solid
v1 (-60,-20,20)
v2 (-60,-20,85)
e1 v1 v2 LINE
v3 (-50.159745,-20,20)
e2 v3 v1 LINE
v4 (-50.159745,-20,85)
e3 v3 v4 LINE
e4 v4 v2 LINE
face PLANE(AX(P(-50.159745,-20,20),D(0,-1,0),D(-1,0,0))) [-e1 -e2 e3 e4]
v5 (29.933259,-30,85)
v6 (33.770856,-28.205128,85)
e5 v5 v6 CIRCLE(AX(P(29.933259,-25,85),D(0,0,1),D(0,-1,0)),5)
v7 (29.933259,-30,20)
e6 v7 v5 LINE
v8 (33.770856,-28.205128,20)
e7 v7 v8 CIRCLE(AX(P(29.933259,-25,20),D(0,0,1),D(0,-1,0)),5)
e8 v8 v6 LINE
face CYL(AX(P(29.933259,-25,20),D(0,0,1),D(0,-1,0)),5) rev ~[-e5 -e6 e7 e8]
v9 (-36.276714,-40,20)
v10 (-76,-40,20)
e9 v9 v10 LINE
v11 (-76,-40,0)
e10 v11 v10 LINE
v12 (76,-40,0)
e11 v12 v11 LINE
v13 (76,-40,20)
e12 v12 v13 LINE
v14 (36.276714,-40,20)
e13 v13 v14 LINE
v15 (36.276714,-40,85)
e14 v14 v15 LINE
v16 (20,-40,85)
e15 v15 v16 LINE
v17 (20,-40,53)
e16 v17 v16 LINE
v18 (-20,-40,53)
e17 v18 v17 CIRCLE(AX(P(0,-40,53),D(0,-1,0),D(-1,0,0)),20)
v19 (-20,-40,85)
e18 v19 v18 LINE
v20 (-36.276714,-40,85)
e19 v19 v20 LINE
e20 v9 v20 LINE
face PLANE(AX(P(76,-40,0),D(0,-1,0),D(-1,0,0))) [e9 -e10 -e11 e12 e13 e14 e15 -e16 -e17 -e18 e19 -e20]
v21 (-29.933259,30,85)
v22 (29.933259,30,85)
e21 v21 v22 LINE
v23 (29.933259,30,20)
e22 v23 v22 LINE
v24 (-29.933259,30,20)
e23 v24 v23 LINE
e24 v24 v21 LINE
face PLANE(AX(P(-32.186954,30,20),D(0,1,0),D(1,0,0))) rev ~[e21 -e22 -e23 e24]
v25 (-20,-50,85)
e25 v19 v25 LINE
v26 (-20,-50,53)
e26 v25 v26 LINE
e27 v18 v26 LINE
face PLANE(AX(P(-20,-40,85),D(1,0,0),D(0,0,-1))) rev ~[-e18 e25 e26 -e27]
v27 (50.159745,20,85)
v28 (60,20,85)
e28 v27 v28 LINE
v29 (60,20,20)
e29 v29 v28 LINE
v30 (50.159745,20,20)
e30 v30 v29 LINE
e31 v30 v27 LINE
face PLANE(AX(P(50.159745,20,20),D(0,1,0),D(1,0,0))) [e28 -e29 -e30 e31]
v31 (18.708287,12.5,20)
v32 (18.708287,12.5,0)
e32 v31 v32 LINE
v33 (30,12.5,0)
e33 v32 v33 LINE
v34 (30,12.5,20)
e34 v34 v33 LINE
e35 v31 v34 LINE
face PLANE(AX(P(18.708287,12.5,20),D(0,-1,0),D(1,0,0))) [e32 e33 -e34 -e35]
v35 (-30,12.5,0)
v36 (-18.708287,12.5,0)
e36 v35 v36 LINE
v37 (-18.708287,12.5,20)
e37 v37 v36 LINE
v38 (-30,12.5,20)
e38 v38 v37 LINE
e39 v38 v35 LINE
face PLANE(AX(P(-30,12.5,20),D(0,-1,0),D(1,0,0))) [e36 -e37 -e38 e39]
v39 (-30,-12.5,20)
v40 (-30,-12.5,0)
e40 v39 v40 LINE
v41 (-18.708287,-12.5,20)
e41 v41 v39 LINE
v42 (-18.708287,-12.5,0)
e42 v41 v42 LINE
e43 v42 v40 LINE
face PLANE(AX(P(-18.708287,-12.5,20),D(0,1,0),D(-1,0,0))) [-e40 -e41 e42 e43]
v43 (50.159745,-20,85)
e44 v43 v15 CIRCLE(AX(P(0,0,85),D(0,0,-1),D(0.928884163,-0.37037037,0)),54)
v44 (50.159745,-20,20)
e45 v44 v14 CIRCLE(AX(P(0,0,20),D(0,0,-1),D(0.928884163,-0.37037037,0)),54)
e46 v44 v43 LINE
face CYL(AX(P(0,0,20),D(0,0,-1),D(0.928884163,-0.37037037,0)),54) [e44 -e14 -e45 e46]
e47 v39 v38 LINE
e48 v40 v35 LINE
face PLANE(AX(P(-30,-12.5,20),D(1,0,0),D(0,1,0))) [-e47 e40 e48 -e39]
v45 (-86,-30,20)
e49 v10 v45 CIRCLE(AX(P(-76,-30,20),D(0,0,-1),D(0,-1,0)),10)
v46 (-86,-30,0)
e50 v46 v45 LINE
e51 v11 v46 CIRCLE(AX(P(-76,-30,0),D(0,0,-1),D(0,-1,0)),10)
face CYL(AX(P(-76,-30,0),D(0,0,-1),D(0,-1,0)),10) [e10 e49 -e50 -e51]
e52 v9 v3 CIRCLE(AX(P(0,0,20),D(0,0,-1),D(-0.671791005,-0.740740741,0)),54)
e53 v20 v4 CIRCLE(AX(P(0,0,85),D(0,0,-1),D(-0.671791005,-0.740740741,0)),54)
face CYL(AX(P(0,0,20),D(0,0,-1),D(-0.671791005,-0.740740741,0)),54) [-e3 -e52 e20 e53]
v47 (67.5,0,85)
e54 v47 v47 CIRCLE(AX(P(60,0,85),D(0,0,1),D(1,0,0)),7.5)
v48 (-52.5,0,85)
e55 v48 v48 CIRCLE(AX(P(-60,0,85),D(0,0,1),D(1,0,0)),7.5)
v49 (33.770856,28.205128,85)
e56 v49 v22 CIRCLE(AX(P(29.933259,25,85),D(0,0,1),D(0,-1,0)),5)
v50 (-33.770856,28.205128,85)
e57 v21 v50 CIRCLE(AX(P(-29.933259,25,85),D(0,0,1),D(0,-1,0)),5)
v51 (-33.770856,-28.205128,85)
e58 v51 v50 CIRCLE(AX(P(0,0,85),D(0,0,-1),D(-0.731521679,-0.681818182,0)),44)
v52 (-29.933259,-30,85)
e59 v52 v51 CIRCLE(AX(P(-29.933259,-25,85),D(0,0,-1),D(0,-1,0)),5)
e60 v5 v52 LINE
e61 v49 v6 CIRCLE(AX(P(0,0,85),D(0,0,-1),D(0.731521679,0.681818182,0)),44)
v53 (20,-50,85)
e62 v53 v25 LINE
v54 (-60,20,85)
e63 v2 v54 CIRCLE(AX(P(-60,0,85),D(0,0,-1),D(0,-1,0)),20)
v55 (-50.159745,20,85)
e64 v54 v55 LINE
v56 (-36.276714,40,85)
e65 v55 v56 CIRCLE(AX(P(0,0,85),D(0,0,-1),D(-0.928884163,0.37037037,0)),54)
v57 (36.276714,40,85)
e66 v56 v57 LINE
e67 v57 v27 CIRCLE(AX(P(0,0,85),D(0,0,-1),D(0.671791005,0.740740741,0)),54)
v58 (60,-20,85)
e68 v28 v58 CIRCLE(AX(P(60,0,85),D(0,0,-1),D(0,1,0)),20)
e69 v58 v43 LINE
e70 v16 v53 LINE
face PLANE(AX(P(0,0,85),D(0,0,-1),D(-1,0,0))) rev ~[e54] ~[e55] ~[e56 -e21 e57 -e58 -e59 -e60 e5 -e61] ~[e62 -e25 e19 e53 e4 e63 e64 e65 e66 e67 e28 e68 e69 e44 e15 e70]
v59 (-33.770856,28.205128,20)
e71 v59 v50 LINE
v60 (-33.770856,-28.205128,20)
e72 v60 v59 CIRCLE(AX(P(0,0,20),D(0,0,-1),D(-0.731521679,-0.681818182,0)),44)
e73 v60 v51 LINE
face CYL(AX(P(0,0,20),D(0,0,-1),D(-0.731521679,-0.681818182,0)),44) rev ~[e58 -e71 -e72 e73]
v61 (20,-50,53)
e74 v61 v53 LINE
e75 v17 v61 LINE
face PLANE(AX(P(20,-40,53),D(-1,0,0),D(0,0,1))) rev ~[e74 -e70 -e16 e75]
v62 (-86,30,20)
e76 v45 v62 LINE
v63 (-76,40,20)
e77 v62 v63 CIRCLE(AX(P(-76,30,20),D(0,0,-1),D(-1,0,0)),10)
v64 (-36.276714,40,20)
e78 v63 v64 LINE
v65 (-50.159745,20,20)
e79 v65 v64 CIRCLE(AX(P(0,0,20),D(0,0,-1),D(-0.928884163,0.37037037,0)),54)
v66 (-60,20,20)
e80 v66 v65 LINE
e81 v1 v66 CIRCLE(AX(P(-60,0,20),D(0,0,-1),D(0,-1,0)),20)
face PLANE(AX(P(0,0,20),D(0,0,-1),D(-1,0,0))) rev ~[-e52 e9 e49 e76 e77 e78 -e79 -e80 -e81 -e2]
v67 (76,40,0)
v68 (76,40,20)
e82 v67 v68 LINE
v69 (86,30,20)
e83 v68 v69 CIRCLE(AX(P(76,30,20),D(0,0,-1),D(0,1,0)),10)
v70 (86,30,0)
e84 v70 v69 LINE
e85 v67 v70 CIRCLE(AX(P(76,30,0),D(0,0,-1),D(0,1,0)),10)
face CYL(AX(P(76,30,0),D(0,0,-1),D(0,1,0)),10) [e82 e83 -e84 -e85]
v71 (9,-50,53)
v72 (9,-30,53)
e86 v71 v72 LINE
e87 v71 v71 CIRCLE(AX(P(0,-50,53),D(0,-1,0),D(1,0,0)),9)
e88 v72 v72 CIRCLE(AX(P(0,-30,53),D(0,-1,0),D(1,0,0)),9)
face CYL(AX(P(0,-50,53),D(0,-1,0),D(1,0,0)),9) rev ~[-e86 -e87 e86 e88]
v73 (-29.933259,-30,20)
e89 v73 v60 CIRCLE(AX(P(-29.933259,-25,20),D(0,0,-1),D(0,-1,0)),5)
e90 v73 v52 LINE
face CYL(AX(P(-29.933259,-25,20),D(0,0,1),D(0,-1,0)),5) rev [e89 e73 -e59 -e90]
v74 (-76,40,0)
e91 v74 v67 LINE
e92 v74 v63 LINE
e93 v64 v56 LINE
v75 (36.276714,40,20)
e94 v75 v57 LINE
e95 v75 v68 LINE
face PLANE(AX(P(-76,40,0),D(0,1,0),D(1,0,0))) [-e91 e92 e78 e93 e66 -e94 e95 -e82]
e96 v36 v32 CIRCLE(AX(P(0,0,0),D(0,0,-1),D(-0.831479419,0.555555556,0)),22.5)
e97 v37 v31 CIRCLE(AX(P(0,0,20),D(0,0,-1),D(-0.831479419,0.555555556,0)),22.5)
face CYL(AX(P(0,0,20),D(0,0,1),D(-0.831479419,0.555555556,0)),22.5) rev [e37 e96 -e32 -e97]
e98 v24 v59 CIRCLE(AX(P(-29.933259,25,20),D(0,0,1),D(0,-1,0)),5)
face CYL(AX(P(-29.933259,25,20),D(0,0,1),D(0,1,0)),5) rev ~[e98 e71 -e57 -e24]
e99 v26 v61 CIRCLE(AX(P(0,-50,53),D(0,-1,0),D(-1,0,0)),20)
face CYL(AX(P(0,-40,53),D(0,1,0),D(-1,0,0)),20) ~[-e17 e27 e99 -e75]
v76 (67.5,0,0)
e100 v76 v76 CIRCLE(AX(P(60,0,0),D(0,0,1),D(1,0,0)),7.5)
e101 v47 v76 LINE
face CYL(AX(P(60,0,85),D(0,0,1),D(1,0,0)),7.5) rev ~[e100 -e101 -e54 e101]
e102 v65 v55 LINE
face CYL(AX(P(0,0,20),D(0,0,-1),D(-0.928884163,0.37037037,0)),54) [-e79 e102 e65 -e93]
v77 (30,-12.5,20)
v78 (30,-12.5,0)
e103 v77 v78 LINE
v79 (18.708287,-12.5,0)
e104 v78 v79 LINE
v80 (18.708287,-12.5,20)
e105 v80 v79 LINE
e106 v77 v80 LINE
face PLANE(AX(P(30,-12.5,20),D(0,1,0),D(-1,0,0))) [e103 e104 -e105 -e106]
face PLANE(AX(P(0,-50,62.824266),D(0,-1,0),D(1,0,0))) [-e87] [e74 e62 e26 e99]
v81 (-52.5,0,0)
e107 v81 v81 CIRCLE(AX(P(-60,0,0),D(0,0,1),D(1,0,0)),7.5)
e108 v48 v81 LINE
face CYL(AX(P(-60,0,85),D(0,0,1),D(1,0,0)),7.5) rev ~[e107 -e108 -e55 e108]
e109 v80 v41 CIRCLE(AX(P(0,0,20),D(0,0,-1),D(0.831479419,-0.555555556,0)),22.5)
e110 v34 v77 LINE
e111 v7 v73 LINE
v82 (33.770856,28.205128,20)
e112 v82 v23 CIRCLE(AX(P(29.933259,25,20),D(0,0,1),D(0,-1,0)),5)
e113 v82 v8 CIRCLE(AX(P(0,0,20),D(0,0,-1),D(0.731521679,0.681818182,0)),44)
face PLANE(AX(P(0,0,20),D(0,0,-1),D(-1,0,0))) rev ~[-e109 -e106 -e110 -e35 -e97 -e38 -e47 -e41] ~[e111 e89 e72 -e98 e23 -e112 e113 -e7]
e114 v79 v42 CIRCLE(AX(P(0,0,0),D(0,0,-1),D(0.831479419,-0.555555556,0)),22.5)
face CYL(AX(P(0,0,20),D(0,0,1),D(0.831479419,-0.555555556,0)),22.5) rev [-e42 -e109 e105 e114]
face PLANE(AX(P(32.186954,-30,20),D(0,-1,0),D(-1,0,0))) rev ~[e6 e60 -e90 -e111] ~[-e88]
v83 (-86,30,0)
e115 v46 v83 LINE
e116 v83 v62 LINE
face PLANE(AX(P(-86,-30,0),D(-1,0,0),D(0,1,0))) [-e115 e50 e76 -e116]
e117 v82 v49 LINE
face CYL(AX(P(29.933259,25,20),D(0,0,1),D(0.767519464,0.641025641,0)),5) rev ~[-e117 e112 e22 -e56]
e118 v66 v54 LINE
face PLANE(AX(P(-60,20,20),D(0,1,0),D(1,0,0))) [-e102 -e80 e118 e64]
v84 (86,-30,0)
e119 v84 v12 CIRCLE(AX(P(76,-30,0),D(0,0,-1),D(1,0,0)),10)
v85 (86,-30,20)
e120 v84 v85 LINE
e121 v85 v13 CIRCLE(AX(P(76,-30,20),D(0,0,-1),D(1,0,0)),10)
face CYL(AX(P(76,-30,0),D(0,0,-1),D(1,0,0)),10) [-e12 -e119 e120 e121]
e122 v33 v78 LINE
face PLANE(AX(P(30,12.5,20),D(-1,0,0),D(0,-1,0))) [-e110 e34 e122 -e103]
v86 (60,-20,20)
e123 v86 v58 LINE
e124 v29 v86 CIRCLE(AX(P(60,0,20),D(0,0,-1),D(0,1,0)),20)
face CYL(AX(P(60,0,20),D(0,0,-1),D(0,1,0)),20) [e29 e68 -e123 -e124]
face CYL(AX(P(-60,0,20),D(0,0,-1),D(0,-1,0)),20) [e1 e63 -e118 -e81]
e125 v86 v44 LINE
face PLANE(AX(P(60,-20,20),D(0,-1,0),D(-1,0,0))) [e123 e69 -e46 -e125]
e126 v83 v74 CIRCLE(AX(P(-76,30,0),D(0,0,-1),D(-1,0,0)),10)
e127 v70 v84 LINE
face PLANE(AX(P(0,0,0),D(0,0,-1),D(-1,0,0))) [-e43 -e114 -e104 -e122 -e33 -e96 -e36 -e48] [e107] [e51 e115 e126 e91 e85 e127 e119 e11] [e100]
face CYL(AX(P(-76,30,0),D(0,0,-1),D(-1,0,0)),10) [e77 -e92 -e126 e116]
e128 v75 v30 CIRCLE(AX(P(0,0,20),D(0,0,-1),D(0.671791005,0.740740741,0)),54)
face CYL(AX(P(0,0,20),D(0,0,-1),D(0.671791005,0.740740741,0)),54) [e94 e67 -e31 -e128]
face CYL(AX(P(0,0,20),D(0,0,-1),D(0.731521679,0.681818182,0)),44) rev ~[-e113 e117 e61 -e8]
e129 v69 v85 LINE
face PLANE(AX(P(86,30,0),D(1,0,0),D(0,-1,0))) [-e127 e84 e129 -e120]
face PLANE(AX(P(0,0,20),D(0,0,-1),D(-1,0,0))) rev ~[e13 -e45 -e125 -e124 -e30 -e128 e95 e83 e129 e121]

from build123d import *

# Parameters (mm, degrees)
EXTRUDE_1_DEPTH     = 20
EXTRUDE_2_DEPTH     = 65
SKETCH_4_R          = 7.5
CUT_EXTRUDE_1_DEPTH = 85
CUT_EXTRUDE_2_DEPTH = 20
EXTRUDE_3_DEPTH     = 10
SKETCH_7_R          = 9
CUT_EXTRUDE_3_DEPTH = 20
FILLET_1_R          = 5


with BuildPart() as part:
    # 草图1 → 凸台-拉伸1 (new body)
    with BuildSketch(Plane.XY):
        with BuildLine():
            Line((76, -40), (-76, -40))
            ThreePointArc((-76, -40), (-83.071067812, -37.071067812), (-86, -30))
            Line((-86, -30), (-86, 30))
            ThreePointArc((-86, 30), (-83.071067812, 37.071067812), (-76, 40))
            Line((-76, 40), (76, 40))
            ThreePointArc((76, 40), (83.071067812, 37.071067812), (86, 30))
            Line((86, 30), (86, -30))
            ThreePointArc((86, -30), (83.071067812, -37.071067812), (76, -40))
        make_face()
    extrude(amount=EXTRUDE_1_DEPTH)

    # 草图3 → 凸台-拉伸2 (add)
    with BuildSketch(Plane.XY.offset(20)):
        with BuildLine():
            Line((-36.276714294, 40), (36.276714294, 40))
            ThreePointArc((36.276714294, 40), (44.36006499, 30.792606809), (50.159744816, 20))
            Line((50.159744816, 20), (60, 20))
            ThreePointArc((60, 20), (80, 0), (60, -20))
            Line((60, -20), (50.159744816, -20))
            ThreePointArc((50.159744816, -20), (44.36006499, -30.792606809), (36.276714294, -40))
            Line((36.276714294, -40), (-36.276714294, -40))
            ThreePointArc((-36.276714294, -40), (-44.36006499, -30.792606809), (-50.159744816, -20))
            Line((-50.159744816, -20), (-60, -20))
            ThreePointArc((-60, -20), (-80, 0), (-60, 20))
            Line((-60, 20), (-50.159744816, 20))
            ThreePointArc((-50.159744816, 20), (-44.36006499, 30.792606809), (-36.276714294, 40))
        make_face()
        with BuildLine():
            Line((32.186953879, -30), (-32.186953879, -30))
            ThreePointArc((-32.186953879, -30), (-44, 0), (-32.186953879, 30))
            Line((-32.186953879, 30), (32.186953879, 30))
            ThreePointArc((32.186953879, 30), (44, 0), (32.186953879, -30))
        make_face(mode=Mode.SUBTRACT)
    extrude(amount=EXTRUDE_2_DEPTH)

    # 草图4 → 切除-拉伸1 (cut)
    with BuildSketch(Plane.XY.offset(85)):
        with Locations((-60, 0)):
            Circle(SKETCH_4_R)
        with Locations((60, 0)):
            Circle(SKETCH_4_R)
    extrude(amount=-CUT_EXTRUDE_1_DEPTH, mode=Mode.SUBTRACT)

    # 草图5 → 切除-拉伸2 (cut)
    with BuildSketch(Plane.XY.offset(20)):
        with BuildLine():
            Line((-18.708286934, -12.5), (-30, -12.5))
            Line((-30, -12.5), (-30, 12.5))
            Line((-30, 12.5), (-18.708286934, 12.5))
            ThreePointArc((-18.708286934, 12.5), (0, 22.5), (18.708286934, 12.5))
            Line((18.708286934, 12.5), (30, 12.5))
            Line((30, 12.5), (30, -12.5))
            Line((30, -12.5), (18.708286934, -12.5))
            ThreePointArc((18.708286934, -12.5), (0, -22.5), (-18.708286934, -12.5))
        make_face()
    extrude(amount=-CUT_EXTRUDE_2_DEPTH, mode=Mode.SUBTRACT)

    # 草图6 → 凸台-拉伸3 (add)
    with BuildSketch(Plane.XZ.offset(40)):
        with BuildLine():
            Line((20, 53), (20, 85))
            Line((20, 85), (-20, 85))
            Line((-20, 85), (-20, 53))
            ThreePointArc((-20, 53), (0, 33), (20, 53))
        make_face()
    extrude(amount=EXTRUDE_3_DEPTH)

    # 草图7 → 切除-拉伸3 (cut)
    with BuildSketch(Plane.XZ.offset(50)):
        with Locations((0, 53)):
            Circle(SKETCH_7_R)
    extrude(amount=-CUT_EXTRUDE_3_DEPTH, mode=Mode.SUBTRACT)

    # 圆角1
    fillet_1_edges = [part.edges().sort_by_distance(p)[0] for p in [
        (32.186953879, 30, 52.5),
        (-32.186953879, 30, 52.5),
        (-32.186953879, -30, 52.5),
        (32.186953879, -30, 52.5),
    ]]
    fillet(fillet_1_edges, radius=FILLET_1_R)


solid = part.part
